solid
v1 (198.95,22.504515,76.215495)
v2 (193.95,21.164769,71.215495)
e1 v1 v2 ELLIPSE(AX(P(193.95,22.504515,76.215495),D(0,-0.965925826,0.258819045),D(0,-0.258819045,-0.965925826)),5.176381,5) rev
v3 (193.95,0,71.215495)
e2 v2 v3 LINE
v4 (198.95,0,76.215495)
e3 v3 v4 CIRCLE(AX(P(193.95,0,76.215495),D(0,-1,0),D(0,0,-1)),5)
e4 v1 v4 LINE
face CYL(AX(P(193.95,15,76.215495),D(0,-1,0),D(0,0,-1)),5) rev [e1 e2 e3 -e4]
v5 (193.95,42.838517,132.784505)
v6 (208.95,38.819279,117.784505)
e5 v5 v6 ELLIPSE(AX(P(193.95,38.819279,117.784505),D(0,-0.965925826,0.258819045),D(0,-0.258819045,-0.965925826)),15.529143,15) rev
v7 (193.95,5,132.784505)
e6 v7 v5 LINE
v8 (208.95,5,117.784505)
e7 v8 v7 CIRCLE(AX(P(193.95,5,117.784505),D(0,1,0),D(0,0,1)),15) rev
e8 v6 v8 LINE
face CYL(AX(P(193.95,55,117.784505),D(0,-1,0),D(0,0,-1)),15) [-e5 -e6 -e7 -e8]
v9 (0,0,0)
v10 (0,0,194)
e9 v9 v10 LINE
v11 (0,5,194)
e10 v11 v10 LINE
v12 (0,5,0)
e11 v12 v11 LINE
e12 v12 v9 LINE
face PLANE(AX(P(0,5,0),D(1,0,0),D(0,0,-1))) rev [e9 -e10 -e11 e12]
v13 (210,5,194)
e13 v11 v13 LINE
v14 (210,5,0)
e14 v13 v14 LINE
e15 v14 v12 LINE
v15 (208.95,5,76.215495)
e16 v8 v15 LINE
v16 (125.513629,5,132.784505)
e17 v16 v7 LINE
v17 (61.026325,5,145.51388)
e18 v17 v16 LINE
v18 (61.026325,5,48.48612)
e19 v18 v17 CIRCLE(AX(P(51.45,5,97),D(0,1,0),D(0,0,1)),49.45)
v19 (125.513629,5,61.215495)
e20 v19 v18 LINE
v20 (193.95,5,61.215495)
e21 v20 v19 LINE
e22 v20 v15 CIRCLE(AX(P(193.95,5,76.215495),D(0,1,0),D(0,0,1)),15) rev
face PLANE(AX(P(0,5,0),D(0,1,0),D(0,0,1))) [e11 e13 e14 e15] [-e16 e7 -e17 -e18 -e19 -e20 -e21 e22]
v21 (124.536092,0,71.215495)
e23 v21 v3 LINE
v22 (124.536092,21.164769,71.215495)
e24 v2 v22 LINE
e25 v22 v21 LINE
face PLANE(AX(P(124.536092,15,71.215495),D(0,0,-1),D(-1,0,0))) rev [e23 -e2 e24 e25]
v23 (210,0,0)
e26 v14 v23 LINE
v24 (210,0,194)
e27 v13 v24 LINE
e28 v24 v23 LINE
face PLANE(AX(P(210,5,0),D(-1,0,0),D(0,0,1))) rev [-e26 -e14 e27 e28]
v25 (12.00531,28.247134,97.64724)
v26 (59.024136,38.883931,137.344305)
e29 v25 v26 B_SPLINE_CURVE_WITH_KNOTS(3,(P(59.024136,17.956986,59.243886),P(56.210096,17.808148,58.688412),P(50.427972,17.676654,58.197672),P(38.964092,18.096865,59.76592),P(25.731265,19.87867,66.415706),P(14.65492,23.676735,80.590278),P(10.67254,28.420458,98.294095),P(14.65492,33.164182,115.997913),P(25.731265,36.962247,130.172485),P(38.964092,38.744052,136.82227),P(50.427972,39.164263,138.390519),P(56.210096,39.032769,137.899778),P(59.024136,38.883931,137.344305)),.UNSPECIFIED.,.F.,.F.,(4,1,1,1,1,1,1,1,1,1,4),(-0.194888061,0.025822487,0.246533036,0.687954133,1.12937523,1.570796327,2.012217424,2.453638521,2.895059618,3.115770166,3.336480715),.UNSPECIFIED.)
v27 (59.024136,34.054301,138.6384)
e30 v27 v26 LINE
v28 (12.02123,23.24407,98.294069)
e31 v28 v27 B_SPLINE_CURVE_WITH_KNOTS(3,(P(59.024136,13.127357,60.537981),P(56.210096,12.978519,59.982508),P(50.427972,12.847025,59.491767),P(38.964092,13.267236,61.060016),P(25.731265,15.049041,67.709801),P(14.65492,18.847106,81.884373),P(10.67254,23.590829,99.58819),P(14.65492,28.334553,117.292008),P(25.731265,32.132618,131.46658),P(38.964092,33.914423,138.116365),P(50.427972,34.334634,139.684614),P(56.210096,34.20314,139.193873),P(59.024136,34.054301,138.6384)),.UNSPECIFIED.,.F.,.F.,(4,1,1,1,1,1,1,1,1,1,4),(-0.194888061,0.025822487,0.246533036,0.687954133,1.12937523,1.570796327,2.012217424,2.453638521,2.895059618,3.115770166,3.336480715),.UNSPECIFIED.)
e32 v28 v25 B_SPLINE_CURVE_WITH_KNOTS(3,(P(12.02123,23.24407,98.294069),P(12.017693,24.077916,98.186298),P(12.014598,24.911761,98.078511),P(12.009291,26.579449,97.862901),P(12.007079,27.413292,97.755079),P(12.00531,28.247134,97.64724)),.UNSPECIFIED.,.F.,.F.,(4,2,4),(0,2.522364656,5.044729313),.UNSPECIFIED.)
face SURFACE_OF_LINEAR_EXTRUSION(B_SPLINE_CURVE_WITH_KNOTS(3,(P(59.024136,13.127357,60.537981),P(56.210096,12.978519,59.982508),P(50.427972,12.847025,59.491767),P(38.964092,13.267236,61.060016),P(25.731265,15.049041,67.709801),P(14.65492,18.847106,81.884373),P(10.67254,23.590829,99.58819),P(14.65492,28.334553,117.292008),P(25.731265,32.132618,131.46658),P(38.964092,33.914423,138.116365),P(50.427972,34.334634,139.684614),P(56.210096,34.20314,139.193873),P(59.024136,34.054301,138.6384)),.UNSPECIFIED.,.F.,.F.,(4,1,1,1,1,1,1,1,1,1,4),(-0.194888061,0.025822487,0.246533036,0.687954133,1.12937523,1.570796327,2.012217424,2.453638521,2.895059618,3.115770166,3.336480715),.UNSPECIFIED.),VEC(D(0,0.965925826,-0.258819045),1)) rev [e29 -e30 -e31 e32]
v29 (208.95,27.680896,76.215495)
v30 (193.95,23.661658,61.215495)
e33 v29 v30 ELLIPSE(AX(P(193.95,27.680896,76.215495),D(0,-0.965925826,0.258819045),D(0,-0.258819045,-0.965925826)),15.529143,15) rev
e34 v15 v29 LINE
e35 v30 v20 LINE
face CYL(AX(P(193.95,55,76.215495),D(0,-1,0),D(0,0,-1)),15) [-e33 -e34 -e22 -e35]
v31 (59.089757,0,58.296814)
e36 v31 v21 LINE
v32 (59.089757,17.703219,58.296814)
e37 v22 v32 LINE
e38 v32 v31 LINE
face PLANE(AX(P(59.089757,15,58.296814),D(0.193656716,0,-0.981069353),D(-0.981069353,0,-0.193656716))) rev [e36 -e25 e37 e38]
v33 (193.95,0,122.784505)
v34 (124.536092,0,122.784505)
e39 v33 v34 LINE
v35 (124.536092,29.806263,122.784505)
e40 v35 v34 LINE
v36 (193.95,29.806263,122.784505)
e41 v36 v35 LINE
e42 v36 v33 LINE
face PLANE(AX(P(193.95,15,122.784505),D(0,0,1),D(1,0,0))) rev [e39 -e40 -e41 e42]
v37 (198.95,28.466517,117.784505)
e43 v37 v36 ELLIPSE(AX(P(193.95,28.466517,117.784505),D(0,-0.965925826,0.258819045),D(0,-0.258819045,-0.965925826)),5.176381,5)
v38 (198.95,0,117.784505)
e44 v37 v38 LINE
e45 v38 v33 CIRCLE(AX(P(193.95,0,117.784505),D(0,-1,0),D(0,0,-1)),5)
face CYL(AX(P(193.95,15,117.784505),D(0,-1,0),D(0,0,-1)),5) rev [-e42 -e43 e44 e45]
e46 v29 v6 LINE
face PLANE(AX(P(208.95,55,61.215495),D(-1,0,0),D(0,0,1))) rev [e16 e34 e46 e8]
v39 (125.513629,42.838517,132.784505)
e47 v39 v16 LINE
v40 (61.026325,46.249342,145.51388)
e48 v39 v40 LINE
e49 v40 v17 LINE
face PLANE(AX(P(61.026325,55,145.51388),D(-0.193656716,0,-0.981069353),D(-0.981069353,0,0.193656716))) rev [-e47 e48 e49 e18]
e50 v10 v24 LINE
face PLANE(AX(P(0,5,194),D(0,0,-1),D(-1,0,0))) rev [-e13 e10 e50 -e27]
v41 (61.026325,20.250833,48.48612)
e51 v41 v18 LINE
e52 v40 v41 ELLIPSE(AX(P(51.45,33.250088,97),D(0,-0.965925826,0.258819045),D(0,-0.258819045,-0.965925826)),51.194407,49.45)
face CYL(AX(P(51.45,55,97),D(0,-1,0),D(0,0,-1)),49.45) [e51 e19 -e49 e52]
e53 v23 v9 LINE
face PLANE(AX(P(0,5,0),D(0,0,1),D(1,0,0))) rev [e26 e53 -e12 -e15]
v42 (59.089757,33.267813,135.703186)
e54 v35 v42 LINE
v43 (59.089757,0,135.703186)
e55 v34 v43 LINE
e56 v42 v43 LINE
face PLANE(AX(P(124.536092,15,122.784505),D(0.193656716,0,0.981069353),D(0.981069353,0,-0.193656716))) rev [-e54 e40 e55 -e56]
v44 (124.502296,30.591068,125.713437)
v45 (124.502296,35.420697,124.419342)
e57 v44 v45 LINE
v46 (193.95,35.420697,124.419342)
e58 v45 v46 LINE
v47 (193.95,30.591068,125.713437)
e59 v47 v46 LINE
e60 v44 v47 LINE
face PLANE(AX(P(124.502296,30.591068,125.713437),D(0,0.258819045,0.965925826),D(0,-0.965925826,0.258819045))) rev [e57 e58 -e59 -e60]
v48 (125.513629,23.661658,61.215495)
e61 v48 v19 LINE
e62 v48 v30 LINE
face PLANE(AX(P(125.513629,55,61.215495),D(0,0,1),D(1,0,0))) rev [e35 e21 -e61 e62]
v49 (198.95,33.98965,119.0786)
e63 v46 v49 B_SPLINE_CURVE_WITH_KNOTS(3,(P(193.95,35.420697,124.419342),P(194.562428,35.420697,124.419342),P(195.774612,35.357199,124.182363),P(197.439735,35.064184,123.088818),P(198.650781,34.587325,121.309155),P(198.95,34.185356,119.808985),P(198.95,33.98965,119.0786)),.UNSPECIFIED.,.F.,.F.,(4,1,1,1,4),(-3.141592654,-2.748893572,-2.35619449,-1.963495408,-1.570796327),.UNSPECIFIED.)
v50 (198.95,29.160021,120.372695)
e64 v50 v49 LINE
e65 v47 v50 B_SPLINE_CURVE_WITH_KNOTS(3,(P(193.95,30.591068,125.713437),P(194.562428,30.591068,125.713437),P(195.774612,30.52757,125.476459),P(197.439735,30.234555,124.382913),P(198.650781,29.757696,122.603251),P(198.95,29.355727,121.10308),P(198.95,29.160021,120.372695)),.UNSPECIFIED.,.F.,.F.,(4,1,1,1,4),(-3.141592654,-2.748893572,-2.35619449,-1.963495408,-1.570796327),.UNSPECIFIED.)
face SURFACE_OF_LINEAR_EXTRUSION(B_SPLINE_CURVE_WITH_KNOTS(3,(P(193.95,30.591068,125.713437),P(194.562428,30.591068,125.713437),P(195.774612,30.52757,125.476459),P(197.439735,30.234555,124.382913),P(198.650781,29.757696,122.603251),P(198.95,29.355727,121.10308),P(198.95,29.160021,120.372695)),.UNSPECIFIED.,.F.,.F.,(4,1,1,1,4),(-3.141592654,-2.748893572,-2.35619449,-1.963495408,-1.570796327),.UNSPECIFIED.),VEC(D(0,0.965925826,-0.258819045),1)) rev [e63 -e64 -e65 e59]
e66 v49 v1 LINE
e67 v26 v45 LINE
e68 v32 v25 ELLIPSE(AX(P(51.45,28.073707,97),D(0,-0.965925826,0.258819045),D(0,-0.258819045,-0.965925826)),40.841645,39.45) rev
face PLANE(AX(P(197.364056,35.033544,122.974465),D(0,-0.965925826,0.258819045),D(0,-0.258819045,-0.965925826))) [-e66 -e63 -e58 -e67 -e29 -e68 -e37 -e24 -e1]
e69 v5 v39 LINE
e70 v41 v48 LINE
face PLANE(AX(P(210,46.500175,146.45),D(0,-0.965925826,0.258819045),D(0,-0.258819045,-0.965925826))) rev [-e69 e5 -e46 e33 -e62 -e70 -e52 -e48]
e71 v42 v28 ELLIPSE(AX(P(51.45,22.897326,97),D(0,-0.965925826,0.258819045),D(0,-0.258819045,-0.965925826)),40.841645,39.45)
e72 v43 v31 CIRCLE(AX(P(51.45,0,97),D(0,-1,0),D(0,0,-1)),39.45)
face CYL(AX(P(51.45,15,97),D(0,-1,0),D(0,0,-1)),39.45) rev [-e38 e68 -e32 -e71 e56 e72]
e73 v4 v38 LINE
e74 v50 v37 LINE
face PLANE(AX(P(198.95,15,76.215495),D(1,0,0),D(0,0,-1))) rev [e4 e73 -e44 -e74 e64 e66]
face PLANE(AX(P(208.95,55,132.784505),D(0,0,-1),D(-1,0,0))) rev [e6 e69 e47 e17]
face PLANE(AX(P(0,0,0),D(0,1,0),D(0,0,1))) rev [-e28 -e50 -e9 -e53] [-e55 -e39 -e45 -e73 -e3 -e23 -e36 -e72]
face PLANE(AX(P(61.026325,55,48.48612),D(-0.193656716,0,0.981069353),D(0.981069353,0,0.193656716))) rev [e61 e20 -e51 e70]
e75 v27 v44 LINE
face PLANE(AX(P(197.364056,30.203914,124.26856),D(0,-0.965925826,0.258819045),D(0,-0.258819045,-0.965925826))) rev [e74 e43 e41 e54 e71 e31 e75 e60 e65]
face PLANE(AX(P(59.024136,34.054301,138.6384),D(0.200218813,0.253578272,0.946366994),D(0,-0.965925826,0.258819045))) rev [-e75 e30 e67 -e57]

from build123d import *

# Parameters (mm, degrees)
SKETCH_1_W          = 210
SKETCH_1_H          = 194
EXTRUDE_1_DEPTH     = 5
EXTRUDE_2_DEPTH     = 50
CUT_EXTRUDE_1_DEPTH = 292.137424595
FILLET_1_R          = 15
CUT_EXTRUDE_2_DEPTH = 15
CUT_EXTRUDE_4_DEPTH = 5
CUT_EXTRUDE_6_REACH = 289.625


with BuildPart() as part:
    # 草图1 → 凸台-拉伸1 (new body)
    with BuildSketch(Plane(origin=(0, 0, 0), x_dir=(1, 0, 0), z_dir=(0, 1, 0))):
        with Locations((105, -97)):
            Rectangle(SKETCH_1_W, SKETCH_1_H)
    extrude(amount=EXTRUDE_1_DEPTH)

    # 草图2 → 凸台-拉伸2 (add)
    with BuildSketch(Plane(origin=(0, 5, 0), x_dir=(1, 0, 0), z_dir=(0, 1, 0))):
        with BuildLine():
            Line((125.513628731, -61.215495335), (208.95, -61.215495335))
            Line((208.95, -61.215495335), (208.95, -132.784504665))
            Line((208.95, -132.784504665), (125.513628731, -132.784504665))
            Line((125.513628731, -132.784504665), (61.026324627, -145.513879526))
            ThreePointArc((61.026324627, -145.513879526), (2, -97), (61.026324627, -48.486120474))
            Line((61.026324627, -48.486120474), (125.513628731, -61.215495335))
        make_face()
    extrude(amount=EXTRUDE_2_DEPTH)

    # 草图3 → 切除-拉伸1 (cut, through all)
    with BuildSketch(Plane.ZY):
        Polygon((146.45, 46.500175131), (146.45, 55), (47.55, 55), (47.55, 20), align=None)
    extrude(amount=-CUT_EXTRUDE_1_DEPTH, mode=Mode.SUBTRACT)

    # 圆角1
    fillet_1_edges = [part.edges().sort_by_distance(p)[0] for p in [
        (208.95, 14.33082922, 61.215495335),
        (208.95, 23.919258346, 132.784504665),
    ]]
    fillet(fillet_1_edges, radius=FILLET_1_R)

    # 草图5 → 切除-拉伸2 (cut)
    with BuildSketch(Plane.XZ):
        with BuildLine():
            Line((124.536092452, 122.784504665), (59.089757463, 135.703185992))
            ThreePointArc((59.089757463, 135.703185992), (12, 97), (59.089757463, 58.296814008))
            Line((59.089757463, 58.296814008), (124.536092452, 71.215495335))
            Line((124.536092452, 71.215495335), (193.95, 71.215495335))
            ThreePointArc((193.95, 71.215495335), (197.485533906, 72.679961429), (198.95, 76.215495335))
            Line((198.95, 76.215495335), (198.95, 117.784504665))
            ThreePointArc((198.95, 117.784504665), (197.485533906, 121.320038571), (193.95, 122.784504665))
            Line((193.95, 122.784504665), (124.536092452, 122.784504665))
        make_face()
    extrude(amount=-CUT_EXTRUDE_2_DEPTH, mode=Mode.SUBTRACT)

    # 草图7 → 切除-拉伸4 (cut)
    with BuildSketch(Plane(origin=(0, 1.943124906, -0.520658749), x_dir=(1, 0, 0), z_dir=(0, 0.9659258262890681, -0.25881904510252174))):
        with BuildLine():
            Line((124.502295526, -129.347406371), (193.95, -129.347406371))
            add(Edge.make_bspline(
                [(193.95, -129.347406371), (194.562427767, -129.347406371), (195.774611757, -129.102068407), (197.439735395, -127.969946536), (198.650781168, -126.127504684), (198.95, -124.574413564), (198.95, -123.818263665)],
                knots=[-3.141592654, -3.141592654, -3.141592654, -3.141592654, -2.748893572, -2.35619449, -1.963495408, -1.570796327, -1.570796327, -1.570796327, -1.570796327], degree=3))
            Line((198.95, -123.818263665), (198.95, -80.782858462))
            add(Edge.make_bspline(
                [(198.95, -80.782858462), (198.95, -80.026708563), (198.650781168, -78.473617443), (197.439735395, -76.631175591), (195.774611757, -75.49905372), (194.562427767, -75.253715756), (193.95, -75.253715756)],
                knots=[-1.570796327, -1.570796327, -1.570796327, -1.570796327, -1.178097245, -0.785398163, -0.392699082, 0, 0, 0, 0], degree=3))
            Line((193.95, -75.253715756), (124.502295526, -75.253715756))
            Line((124.502295526, -75.253715756), (59.024136493, -61.872809237))
            add(Edge.make_bspline(
                [(59.024136493, -61.872809237), (56.210095744, -61.297740897), (50.427971911, -60.789688878), (38.964091843, -62.413259275), (25.731264842, -69.297623809), (14.654919531, -83.972220417), (10.672540234, -102.300561063), (14.654919531, -120.628901709), (25.731264842, -135.303498318), (38.964091843, -142.187862851), (50.427971911, -143.811433248), (56.210095744, -143.30338123), (59.024136493, -142.72831289)],
                knots=[-0.194888061, -0.194888061, -0.194888061, -0.194888061, 0.025822487, 0.246533036, 0.687954133, 1.12937523, 1.570796327, 2.012217424, 2.453638521, 2.895059618, 3.115770166, 3.336480715, 3.336480715, 3.336480715, 3.336480715], degree=3))
            Line((59.024136493, -142.72831289), (124.502295526, -129.347406371))
        make_face()
    extrude(amount=-CUT_EXTRUDE_4_DEPTH, mode=Mode.SUBTRACT)

    # 切除-拉伸6: up to this face of the body (flat: up to its plane)
    cut_extrude_6_end = Plane(part.part.faces().sort_by_distance((100.607454563, 28.420458434, 98.294095226))[0])
    # 草图8 → 切除-拉伸6 (cut, up to the picked face)
    with BuildSketch(Plane.XZ.offset(-15), mode=Mode.PRIVATE) as cut_extrude_6_sk1:
        with BuildLine():
            Line((193.95, 122.784504665), (124.536092452, 122.784504665))
            Line((124.536092452, 122.784504665), (59.089757463, 135.703185992))
            ThreePointArc((59.089757463, 135.703185992), (12, 97), (59.089757463, 58.296814008))
            Line((59.089757463, 58.296814008), (124.536092452, 71.215495335))
            Line((124.536092452, 71.215495335), (193.95, 71.215495335))
            ThreePointArc((193.95, 71.215495335), (197.485533906, 72.679961429), (198.95, 76.215495335))
            Line((198.95, 76.215495335), (198.95, 117.784504665))
            ThreePointArc((198.95, 117.784504665), (197.485533906, 121.320038571), (193.95, 122.784504665))
        make_face()
    cut_extrude_6_tool1 = split(extrude(cut_extrude_6_sk1.sketch, amount=-CUT_EXTRUDE_6_REACH, mode=Mode.PRIVATE), bisect_by=cut_extrude_6_end, keep=Keep.BOTH, mode=Mode.PRIVATE)
    add(cut_extrude_6_tool1.solids().sort_by(Axis((100.513282, 15, 97), (0, 1, 0)))[0], mode=Mode.SUBTRACT)


solid = part.part
